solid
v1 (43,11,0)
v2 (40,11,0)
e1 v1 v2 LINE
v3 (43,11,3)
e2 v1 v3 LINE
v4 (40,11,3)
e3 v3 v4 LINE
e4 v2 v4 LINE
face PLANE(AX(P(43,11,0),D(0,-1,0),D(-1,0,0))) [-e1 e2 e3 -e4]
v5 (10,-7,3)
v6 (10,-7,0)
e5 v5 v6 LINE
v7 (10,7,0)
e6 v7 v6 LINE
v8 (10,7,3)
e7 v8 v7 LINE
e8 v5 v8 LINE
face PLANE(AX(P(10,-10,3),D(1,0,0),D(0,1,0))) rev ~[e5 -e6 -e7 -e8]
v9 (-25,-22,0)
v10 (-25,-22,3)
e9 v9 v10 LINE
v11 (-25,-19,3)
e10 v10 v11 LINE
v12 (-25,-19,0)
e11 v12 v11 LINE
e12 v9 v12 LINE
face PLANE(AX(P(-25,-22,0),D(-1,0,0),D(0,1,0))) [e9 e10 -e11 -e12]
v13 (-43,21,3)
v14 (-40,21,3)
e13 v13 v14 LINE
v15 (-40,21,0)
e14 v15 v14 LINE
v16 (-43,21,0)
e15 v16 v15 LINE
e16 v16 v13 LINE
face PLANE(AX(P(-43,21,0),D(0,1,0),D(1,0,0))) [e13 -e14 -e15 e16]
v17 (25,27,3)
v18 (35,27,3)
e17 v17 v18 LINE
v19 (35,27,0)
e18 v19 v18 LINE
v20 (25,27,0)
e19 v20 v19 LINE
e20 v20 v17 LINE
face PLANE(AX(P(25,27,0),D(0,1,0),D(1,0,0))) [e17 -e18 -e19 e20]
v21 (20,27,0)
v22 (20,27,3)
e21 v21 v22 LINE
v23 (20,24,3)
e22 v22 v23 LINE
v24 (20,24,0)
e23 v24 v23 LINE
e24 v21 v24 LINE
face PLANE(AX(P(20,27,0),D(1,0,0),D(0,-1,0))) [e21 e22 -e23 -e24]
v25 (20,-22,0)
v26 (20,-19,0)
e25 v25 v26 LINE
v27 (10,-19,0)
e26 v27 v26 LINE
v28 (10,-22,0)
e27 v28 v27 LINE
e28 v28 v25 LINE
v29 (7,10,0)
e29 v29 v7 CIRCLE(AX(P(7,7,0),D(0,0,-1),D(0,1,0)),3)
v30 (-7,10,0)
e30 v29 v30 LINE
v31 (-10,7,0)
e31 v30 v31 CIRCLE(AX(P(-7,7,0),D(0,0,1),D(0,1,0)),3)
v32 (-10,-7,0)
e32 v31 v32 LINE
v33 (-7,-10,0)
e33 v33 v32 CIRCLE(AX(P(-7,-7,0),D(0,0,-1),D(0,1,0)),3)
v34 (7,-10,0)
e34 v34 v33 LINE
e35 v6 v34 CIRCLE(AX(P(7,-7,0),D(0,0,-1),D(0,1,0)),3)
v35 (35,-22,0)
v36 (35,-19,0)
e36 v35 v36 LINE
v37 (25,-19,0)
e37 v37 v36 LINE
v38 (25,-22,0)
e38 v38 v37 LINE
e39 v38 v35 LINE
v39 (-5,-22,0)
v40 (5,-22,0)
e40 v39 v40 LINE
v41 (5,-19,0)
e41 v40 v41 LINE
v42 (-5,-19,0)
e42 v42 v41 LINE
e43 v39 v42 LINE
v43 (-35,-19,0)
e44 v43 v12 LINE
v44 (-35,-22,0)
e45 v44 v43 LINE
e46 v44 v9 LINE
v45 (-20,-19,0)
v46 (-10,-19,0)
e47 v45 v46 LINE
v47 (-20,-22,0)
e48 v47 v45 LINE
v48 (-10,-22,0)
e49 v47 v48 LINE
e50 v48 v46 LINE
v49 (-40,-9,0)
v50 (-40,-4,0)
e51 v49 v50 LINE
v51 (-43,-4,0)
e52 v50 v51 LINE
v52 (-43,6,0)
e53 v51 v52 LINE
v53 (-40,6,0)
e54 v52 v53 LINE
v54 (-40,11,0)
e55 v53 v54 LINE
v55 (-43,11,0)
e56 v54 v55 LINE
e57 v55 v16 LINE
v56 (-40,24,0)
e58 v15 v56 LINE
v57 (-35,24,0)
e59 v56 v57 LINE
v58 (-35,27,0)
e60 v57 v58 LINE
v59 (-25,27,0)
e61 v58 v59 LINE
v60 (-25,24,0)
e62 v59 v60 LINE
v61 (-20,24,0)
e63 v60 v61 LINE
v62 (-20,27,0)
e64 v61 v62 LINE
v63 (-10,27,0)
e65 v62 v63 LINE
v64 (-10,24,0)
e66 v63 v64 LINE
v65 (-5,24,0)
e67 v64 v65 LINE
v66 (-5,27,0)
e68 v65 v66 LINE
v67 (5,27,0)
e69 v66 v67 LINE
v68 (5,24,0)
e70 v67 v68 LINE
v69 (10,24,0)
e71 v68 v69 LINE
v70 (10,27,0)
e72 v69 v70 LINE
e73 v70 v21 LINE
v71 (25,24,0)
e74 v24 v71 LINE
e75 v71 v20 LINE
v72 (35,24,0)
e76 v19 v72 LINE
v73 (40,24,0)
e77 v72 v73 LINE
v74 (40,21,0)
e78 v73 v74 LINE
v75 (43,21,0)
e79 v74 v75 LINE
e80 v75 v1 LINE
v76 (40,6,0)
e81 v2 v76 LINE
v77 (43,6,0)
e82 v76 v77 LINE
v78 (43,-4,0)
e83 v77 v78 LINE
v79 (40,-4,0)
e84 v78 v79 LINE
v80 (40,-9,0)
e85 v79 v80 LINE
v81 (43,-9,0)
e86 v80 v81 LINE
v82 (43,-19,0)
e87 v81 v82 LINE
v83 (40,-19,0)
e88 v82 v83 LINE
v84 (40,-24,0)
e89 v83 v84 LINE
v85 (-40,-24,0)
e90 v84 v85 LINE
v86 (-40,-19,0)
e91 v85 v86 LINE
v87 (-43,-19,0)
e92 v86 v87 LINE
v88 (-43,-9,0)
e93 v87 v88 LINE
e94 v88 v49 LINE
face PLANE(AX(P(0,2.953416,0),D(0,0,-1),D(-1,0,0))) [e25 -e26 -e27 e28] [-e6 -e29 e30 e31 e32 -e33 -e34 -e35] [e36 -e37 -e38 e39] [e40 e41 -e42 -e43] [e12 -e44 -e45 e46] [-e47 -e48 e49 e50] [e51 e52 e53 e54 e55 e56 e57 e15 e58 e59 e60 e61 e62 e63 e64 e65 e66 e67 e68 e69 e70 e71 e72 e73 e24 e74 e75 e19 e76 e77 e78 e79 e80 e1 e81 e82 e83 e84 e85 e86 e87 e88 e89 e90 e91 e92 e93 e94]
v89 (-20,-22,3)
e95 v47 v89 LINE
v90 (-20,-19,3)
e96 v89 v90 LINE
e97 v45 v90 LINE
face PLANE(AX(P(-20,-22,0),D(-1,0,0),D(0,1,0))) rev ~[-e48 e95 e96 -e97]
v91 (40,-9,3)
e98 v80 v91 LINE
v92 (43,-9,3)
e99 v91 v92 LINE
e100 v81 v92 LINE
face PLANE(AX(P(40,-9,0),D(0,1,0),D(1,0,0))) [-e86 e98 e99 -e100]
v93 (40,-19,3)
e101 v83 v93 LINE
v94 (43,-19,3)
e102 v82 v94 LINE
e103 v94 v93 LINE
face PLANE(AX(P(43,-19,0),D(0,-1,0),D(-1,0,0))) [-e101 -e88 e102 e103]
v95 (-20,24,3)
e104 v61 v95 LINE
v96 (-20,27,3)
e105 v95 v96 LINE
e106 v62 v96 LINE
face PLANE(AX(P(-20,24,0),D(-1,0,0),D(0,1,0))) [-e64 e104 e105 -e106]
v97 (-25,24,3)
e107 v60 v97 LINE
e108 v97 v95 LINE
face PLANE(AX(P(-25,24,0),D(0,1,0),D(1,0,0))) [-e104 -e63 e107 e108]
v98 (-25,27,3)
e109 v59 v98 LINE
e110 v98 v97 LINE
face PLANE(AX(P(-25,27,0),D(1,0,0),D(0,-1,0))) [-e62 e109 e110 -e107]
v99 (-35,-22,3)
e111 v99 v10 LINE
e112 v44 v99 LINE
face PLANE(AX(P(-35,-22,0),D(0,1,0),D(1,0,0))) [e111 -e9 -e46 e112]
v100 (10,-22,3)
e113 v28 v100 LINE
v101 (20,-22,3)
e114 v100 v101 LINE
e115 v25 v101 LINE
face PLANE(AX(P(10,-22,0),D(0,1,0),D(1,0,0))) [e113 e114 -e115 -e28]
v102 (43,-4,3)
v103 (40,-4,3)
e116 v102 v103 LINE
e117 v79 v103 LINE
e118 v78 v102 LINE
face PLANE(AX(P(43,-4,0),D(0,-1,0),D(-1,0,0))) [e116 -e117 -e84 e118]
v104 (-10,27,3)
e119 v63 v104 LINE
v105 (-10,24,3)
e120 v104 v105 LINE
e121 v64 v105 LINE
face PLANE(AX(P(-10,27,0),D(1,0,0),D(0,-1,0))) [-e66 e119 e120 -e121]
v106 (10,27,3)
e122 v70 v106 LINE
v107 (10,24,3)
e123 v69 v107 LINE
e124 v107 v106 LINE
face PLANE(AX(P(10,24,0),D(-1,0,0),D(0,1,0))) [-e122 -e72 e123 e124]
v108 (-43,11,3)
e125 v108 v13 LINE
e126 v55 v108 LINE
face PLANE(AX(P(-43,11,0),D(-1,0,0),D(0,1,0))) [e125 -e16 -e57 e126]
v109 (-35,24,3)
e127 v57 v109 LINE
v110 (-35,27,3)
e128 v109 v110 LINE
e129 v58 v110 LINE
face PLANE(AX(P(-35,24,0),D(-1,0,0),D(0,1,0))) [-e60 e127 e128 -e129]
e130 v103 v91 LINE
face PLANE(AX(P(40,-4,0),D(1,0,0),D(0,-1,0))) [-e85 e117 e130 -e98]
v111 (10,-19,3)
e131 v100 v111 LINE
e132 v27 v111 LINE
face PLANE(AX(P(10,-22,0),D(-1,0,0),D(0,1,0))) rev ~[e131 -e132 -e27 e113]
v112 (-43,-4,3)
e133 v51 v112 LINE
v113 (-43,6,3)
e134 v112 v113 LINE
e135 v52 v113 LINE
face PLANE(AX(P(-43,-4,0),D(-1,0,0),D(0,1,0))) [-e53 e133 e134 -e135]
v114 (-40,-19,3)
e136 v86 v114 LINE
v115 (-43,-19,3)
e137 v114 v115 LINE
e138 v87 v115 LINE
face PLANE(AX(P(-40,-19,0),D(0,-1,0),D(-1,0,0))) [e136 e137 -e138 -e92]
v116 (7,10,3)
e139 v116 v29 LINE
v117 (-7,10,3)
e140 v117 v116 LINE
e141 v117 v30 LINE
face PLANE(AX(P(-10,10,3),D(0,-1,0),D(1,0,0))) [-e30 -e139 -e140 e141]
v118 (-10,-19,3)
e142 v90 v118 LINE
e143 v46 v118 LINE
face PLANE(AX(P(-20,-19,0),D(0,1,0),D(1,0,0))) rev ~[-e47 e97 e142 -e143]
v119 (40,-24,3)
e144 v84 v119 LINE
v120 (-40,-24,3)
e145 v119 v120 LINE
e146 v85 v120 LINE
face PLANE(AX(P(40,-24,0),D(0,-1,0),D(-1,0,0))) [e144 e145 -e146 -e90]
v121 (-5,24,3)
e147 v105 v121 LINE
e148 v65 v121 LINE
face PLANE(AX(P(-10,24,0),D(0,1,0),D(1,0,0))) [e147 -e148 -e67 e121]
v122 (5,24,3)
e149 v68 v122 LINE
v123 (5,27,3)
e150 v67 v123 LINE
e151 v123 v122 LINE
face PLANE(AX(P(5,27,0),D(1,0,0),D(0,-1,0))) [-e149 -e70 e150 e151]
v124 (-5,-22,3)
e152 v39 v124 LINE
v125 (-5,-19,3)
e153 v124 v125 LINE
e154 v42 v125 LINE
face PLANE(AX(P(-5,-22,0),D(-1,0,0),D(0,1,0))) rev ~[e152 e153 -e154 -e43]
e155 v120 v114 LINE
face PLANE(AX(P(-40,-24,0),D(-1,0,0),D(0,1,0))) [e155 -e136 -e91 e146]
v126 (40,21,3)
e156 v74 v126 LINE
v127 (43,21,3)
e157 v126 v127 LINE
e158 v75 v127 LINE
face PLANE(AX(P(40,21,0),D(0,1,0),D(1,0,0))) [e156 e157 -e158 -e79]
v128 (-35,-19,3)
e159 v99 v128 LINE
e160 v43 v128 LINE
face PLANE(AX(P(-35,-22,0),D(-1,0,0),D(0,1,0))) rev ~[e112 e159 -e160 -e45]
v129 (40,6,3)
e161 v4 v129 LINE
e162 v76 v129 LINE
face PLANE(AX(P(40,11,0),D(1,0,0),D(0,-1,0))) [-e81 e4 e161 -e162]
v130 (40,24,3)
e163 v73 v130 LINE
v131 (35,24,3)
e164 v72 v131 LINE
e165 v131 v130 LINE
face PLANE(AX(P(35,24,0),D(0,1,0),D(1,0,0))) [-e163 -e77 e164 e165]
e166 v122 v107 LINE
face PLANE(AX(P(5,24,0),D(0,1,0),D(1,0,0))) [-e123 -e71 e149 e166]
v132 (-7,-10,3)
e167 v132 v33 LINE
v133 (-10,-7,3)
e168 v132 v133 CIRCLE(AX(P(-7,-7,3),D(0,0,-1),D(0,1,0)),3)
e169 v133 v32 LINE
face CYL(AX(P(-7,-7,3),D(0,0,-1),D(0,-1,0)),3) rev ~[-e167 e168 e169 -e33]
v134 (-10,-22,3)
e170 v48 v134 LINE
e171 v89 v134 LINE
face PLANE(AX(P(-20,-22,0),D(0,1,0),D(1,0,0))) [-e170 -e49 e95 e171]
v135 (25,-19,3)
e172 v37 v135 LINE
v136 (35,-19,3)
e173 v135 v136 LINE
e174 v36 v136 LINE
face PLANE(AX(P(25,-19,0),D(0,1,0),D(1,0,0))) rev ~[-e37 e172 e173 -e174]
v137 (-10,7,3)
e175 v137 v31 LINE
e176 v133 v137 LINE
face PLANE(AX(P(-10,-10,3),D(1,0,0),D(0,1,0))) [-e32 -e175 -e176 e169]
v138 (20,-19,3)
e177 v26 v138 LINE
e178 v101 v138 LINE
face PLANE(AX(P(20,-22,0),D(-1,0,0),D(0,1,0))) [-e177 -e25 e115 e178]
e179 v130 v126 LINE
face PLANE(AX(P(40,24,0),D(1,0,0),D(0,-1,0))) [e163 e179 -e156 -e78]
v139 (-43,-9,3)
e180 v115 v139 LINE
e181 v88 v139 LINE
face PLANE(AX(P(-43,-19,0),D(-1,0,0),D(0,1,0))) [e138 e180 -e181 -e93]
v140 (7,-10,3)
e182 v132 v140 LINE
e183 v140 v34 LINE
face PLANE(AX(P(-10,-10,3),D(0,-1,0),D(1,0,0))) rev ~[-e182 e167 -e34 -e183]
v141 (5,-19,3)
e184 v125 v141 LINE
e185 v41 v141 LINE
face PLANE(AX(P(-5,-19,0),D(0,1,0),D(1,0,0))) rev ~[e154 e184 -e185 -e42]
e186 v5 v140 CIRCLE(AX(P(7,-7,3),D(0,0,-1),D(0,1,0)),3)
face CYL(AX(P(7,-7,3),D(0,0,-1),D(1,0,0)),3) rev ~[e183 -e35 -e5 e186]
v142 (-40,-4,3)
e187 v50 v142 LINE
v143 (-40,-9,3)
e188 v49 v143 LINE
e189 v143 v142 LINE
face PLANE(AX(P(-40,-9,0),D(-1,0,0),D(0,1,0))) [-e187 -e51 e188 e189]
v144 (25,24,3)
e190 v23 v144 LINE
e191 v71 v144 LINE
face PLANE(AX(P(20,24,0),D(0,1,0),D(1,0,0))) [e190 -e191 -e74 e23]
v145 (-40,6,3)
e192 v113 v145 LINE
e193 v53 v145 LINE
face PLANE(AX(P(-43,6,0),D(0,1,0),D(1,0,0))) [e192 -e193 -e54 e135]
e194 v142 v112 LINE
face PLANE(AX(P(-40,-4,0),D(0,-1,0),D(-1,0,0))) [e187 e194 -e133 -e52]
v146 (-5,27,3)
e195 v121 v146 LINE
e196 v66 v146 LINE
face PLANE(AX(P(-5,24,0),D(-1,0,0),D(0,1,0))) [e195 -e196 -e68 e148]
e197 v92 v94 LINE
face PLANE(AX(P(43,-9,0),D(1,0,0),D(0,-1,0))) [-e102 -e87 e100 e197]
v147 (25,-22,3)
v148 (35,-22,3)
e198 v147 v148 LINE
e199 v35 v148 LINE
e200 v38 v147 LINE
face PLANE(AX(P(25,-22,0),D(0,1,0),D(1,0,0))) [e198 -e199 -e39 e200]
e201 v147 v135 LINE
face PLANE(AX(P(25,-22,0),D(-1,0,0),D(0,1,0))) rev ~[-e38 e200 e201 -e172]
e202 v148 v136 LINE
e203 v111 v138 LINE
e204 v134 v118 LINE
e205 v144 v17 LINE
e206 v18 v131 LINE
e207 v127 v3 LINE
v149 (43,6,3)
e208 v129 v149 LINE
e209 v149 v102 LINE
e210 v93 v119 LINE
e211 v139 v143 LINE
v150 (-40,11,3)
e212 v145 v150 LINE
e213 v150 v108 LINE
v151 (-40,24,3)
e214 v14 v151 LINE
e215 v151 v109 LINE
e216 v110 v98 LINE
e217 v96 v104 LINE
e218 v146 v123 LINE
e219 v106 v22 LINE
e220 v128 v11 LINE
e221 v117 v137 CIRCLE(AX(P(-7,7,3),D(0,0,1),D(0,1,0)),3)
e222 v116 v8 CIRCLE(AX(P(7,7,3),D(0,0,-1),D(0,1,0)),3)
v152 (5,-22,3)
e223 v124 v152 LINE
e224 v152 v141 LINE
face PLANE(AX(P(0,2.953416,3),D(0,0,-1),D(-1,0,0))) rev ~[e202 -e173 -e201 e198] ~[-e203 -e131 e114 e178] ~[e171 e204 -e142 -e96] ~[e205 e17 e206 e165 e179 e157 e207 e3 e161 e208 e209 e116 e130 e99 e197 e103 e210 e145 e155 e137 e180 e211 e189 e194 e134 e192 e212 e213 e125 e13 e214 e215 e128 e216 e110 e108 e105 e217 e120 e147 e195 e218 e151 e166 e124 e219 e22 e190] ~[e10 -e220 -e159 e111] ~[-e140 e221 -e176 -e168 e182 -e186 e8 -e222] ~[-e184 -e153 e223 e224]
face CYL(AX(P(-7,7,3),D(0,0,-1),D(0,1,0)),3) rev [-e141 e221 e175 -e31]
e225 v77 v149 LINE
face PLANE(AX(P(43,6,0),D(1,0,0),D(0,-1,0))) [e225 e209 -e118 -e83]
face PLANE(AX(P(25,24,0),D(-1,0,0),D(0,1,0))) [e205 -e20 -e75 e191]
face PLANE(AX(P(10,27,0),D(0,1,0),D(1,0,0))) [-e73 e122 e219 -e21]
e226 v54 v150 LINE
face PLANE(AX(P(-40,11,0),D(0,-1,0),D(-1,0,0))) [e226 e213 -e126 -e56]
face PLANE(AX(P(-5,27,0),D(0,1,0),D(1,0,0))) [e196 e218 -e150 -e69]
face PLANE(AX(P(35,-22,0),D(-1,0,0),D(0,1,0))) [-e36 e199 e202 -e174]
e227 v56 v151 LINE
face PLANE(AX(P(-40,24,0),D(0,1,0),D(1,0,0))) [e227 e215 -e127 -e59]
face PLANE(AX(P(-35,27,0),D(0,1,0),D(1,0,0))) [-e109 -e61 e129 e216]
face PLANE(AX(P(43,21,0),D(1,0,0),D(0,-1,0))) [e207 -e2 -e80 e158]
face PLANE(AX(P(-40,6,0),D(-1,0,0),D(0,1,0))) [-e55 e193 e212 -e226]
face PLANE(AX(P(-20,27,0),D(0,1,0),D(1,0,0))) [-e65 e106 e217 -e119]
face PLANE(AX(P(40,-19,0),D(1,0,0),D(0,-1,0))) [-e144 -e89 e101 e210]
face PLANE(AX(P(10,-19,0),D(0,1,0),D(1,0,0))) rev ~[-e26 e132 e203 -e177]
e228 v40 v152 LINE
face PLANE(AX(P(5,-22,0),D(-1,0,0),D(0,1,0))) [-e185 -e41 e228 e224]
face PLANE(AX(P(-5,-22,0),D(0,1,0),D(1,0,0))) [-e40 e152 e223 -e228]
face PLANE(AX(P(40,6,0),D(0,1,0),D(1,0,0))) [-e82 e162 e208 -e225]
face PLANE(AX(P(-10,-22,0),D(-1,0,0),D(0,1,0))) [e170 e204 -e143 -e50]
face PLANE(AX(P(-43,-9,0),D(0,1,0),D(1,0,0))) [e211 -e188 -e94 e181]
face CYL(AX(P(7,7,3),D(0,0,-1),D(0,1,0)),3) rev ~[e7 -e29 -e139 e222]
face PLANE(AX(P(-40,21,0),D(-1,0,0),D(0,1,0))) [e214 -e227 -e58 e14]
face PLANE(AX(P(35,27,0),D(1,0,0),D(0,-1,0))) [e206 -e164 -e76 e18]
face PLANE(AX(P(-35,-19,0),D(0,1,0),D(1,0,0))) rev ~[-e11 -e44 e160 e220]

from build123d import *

# Parameters (mm, degrees)
SKETCH_1_W          = 10
SKETCH_1_H          = 3
EXTRUDE_1_DEPTH     = 3
SKETCH_2_W          = 20
SKETCH_2_H          = 20
CUT_EXTRUDE_1_DEPTH = 10
FILLET_1_R          = 3


with BuildPart() as part:
    # 草图1 → 凸台-拉伸1 (new body)
    with BuildSketch(Plane.XY):
        Polygon((-40, 24), (-35, 24), (-35, 27), (-25, 27), (-25, 24), (-20, 24), (-20, 27), (-10, 27), (-10, 24), (-5, 24), (-5, 27), (5, 27), (5, 24), (10, 24), (10, 27), (20, 27), (20, 24), (25, 24), (25, 27), (35, 27), (35, 24), (40, 24), (40, 21), (43, 21), (43, 11), (40, 11), (40, 6), (43, 6), (43, -4), (40, -4), (40, -9), (43, -9), (43, -19), (40, -19), (40, -24), (-40, -24), (-40, -19), (-43, -19), (-43, -9), (-40, -9), (-40, -4), (-43, -4), (-43, 6), (-40, 6), (-40, 11), (-43, 11), (-43, 21), (-40, 21), align=None)
        with Locations((-15, -20.5)):
            Rectangle(SKETCH_1_W, SKETCH_1_H, mode=Mode.SUBTRACT)
        with Locations((-30, -20.5)):
            Rectangle(SKETCH_1_W, SKETCH_1_H, mode=Mode.SUBTRACT)
        with Locations((0, -20.5)):
            Rectangle(SKETCH_1_W, SKETCH_1_H, mode=Mode.SUBTRACT)
        with Locations((15, -20.5)):
            Rectangle(SKETCH_1_W, SKETCH_1_H, mode=Mode.SUBTRACT)
        with Locations((30, -20.5)):
            Rectangle(SKETCH_1_W, SKETCH_1_H, mode=Mode.SUBTRACT)
    extrude(amount=EXTRUDE_1_DEPTH)

    # 草图2 → 切除-拉伸1 (cut)
    with BuildSketch(Plane.XY.offset(3)):
        Rectangle(SKETCH_2_W, SKETCH_2_H)
    extrude(amount=-CUT_EXTRUDE_1_DEPTH, mode=Mode.SUBTRACT)

    # 圆角1
    fillet_1_edges = [part.edges().sort_by_distance(p)[0] for p in [
        (10, 10, 1.5),
        (10, -10, 1.5),
        (-10, -10, 1.5),
        (-10, 10, 1.5),
    ]]
    fillet(fillet_1_edges, radius=FILLET_1_R)


solid = part.part
